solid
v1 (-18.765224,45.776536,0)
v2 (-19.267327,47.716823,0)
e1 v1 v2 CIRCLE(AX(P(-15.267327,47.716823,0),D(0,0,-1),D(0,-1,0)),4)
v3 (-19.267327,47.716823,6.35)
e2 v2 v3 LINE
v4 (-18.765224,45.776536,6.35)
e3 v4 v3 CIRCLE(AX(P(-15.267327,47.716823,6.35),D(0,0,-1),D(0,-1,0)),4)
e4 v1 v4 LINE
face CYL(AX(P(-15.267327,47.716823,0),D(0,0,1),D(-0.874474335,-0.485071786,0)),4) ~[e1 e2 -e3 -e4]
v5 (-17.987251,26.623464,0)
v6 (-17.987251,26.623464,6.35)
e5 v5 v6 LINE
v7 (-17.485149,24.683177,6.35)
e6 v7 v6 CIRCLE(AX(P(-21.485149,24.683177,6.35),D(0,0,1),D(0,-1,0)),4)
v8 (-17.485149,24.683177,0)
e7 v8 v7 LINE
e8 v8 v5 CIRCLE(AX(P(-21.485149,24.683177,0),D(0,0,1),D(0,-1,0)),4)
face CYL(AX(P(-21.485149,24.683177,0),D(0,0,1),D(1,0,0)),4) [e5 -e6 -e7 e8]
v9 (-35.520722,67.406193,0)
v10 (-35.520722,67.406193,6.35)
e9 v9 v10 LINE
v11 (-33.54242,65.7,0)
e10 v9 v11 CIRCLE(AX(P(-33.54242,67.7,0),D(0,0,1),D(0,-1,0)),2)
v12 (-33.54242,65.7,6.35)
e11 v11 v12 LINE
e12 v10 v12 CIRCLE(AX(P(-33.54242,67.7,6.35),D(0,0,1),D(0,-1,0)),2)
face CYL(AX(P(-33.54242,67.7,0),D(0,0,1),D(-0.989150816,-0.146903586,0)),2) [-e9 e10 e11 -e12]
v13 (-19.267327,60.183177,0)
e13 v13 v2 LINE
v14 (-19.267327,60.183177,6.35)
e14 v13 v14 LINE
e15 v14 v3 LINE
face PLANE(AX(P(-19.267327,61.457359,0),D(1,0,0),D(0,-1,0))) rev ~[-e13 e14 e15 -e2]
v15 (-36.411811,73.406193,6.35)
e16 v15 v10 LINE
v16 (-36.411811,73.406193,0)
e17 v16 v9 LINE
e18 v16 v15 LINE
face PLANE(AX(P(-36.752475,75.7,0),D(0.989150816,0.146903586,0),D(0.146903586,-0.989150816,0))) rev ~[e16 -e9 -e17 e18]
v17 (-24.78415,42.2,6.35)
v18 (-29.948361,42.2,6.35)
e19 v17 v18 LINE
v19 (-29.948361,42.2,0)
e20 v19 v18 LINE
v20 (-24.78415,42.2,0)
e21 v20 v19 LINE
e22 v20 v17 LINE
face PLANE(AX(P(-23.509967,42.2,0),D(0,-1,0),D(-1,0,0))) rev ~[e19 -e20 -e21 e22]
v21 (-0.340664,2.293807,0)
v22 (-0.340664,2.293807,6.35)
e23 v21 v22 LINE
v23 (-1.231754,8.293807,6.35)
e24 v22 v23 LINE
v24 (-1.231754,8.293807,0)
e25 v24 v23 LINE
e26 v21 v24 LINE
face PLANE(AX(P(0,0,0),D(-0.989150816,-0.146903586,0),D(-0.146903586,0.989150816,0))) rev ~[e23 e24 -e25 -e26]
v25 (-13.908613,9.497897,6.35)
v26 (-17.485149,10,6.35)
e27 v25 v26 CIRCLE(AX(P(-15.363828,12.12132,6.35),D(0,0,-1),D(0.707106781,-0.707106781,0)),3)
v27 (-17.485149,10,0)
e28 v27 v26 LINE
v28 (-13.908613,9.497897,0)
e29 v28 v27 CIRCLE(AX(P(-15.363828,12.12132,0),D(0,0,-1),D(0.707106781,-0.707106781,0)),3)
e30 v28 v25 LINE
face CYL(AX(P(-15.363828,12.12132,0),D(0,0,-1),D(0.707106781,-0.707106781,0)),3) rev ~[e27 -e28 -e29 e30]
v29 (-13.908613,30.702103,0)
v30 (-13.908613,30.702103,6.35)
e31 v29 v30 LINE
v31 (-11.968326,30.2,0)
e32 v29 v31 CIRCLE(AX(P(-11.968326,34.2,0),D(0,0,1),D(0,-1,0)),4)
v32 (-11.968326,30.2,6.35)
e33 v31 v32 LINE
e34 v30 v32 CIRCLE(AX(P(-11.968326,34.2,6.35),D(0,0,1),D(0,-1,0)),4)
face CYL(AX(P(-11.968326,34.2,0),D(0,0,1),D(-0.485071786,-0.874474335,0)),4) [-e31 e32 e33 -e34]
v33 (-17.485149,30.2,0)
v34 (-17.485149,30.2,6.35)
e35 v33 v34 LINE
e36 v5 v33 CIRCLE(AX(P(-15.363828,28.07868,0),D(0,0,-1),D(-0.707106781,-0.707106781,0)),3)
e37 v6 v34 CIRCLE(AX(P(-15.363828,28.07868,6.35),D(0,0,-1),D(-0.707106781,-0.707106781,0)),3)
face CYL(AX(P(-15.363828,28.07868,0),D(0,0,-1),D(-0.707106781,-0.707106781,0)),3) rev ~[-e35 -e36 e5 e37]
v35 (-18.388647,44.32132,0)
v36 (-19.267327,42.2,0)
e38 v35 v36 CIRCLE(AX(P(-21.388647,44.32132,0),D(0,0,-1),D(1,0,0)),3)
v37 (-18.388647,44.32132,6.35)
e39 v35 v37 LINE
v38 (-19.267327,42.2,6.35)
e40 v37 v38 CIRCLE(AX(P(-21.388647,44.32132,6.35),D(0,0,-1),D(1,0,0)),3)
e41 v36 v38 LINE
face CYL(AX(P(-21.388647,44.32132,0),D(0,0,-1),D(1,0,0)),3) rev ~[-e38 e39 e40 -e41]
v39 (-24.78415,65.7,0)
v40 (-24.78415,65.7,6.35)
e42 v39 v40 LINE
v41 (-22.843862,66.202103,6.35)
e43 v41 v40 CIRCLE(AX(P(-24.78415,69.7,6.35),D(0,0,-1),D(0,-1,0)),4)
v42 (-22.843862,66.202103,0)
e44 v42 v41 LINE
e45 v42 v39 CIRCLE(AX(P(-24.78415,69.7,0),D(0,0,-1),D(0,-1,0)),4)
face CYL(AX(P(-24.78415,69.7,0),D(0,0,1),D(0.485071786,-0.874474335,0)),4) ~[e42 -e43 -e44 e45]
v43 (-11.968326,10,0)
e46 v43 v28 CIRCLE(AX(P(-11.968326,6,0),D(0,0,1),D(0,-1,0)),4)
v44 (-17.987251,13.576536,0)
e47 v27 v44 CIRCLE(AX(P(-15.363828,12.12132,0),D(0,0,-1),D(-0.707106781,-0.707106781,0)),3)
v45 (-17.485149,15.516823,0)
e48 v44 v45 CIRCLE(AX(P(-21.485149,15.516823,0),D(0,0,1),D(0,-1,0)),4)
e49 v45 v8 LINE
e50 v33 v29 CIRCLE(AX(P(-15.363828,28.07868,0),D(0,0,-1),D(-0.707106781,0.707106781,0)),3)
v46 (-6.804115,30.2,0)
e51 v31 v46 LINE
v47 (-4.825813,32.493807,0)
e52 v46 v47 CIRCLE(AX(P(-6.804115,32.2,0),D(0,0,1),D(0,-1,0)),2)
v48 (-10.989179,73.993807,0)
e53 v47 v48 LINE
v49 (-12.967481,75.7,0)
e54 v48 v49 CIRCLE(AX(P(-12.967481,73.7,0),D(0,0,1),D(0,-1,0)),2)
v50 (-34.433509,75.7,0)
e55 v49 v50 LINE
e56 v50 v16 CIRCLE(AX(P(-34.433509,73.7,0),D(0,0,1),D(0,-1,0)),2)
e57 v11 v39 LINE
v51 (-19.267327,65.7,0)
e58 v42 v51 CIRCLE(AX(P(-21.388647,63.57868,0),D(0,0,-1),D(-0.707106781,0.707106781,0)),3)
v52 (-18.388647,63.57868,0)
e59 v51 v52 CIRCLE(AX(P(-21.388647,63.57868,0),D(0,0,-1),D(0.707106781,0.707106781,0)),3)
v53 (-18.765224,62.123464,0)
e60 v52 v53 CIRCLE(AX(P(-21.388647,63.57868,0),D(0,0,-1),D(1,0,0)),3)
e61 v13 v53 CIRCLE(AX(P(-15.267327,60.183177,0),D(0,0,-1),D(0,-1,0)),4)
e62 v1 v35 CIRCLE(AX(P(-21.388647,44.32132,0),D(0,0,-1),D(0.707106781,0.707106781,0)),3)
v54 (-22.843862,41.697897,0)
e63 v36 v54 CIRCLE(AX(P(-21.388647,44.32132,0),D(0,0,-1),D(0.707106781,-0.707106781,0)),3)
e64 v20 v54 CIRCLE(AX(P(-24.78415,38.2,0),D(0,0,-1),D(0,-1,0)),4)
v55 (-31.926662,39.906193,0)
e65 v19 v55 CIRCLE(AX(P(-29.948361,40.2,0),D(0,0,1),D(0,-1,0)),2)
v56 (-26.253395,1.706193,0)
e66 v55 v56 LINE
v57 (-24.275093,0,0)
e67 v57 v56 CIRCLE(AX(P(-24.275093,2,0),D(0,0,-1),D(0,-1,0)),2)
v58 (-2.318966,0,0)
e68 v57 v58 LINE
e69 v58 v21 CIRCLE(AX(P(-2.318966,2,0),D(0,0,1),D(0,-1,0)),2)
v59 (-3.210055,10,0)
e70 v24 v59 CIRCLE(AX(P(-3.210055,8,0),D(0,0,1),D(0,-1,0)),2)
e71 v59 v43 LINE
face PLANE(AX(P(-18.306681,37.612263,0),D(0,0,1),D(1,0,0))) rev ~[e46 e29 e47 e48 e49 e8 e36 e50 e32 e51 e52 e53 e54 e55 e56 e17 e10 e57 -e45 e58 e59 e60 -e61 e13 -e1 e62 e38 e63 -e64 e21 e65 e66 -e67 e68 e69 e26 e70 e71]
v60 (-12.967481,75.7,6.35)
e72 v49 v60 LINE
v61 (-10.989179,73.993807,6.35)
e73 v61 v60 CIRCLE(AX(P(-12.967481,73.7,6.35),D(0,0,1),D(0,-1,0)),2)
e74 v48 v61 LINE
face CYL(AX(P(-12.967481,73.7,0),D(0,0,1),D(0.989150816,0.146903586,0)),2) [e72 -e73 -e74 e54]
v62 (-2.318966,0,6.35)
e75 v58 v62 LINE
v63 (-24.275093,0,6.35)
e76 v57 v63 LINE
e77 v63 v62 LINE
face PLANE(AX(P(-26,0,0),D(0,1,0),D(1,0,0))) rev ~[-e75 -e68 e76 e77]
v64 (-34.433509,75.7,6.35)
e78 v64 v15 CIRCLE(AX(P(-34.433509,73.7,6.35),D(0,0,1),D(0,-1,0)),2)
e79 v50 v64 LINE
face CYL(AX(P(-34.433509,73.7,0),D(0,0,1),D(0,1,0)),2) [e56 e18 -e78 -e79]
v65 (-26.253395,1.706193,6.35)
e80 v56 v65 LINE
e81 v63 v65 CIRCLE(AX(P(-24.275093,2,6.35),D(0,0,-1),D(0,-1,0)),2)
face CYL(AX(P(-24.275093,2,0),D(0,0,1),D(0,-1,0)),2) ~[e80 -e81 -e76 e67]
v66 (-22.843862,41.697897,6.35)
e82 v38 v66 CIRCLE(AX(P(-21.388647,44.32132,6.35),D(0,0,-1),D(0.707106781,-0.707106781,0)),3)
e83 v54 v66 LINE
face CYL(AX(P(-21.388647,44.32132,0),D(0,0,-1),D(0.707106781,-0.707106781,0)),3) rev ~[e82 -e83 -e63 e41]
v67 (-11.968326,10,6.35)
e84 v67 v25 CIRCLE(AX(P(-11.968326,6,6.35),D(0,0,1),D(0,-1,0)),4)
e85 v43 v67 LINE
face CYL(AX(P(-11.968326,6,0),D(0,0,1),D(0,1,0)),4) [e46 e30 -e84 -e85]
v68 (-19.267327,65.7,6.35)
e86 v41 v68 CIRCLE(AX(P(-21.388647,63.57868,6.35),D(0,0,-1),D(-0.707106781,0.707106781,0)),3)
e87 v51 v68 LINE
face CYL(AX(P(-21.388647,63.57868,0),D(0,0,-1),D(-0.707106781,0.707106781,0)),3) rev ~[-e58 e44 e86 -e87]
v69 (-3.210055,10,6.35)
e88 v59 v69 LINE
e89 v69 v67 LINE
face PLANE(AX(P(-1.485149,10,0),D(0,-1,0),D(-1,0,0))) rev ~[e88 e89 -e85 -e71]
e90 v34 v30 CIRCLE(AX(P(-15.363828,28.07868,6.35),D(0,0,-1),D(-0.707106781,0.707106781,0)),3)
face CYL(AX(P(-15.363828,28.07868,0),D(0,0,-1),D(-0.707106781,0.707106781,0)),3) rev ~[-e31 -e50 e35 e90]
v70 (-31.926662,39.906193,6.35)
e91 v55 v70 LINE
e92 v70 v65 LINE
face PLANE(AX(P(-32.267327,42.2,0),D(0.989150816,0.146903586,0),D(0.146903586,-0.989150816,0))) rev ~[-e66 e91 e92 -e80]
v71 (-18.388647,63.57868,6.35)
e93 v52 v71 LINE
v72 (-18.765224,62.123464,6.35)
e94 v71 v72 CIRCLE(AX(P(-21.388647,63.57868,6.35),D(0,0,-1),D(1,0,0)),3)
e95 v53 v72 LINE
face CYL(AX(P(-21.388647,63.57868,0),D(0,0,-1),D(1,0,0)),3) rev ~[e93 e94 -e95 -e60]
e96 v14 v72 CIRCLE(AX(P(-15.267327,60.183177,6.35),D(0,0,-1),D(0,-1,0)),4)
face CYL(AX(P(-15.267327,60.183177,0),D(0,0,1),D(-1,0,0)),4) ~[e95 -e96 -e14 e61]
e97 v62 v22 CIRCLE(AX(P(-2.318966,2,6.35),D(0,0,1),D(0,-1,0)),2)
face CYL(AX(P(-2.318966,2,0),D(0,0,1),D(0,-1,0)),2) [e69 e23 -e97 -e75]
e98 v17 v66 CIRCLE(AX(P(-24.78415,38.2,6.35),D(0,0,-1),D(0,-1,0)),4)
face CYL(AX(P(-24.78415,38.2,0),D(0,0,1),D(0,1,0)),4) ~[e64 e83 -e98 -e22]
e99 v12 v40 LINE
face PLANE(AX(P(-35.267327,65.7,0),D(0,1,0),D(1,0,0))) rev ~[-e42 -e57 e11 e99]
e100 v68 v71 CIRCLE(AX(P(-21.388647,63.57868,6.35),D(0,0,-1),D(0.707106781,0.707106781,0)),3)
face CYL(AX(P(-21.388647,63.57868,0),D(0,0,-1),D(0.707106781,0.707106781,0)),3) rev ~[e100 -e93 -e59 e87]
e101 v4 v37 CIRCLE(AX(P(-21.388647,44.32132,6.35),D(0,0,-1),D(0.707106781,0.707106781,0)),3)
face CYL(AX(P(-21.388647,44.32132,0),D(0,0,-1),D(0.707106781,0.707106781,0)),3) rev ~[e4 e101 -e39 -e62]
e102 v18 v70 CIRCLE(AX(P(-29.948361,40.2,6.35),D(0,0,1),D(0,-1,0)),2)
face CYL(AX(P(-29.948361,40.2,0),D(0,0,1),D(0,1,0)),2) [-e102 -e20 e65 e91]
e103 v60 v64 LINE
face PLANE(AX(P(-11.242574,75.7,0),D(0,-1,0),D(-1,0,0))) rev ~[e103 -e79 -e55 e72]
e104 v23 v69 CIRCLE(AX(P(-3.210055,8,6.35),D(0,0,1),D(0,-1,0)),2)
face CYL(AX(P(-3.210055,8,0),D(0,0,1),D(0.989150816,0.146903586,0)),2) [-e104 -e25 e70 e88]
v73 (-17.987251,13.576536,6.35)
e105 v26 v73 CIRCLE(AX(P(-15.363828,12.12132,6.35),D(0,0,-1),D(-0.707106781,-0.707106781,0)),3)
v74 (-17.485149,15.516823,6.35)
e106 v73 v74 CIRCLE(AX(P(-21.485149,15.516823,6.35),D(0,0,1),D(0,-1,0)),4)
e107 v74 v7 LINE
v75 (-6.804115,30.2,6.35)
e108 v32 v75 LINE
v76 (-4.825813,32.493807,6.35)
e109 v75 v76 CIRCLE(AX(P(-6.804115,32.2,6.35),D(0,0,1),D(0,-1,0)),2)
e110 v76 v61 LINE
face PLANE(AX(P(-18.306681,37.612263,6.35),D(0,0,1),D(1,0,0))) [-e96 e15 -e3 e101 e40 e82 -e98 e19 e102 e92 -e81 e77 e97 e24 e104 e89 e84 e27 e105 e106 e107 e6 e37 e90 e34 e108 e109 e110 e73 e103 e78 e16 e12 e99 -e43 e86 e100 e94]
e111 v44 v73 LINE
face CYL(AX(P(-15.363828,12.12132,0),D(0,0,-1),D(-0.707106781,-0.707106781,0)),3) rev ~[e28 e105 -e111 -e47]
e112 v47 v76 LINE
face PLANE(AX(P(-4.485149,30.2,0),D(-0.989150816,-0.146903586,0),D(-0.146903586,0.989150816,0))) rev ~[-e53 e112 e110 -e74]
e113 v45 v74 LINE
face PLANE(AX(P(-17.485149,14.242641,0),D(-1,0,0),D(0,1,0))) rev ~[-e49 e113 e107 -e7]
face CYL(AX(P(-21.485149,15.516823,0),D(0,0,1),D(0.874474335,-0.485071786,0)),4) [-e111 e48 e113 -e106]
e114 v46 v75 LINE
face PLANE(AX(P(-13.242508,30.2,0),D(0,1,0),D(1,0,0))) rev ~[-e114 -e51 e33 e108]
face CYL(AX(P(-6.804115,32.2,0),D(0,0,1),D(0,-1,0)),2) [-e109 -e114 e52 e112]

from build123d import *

# Parameters (mm, degrees)
F1_DEPTH = 6.35
F2_R     = 2
F3_R     = 4


with BuildPart() as f1:
    # F0 (on Top) → F1 (new body)
    with BuildSketch(Plane.XY):
        with BuildLine():
            Line((-26, 0), (0, 0))
            Line((0, 0), (-1.4851485149, 10))
            Line((-1.4851485149, 10), (-13.2425078277, 10))
            ThreePointArc((-13.2425078277, 10), (-15.3638281713, 9.1213203436), (-17.4851485149, 10))
            ThreePointArc((-17.4851485149, 10), (-18.3638281713, 12.1213203436), (-17.4851485149, 14.2426406871))
            Line((-17.4851485149, 14.2426406871), (-17.4851485149, 25.9573593129))
            ThreePointArc((-17.4851485149, 25.9573593129), (-18.3638281713, 28.0786796564), (-17.4851485149, 30.2))
            ThreePointArc((-17.4851485149, 30.2), (-15.3638281713, 31.0786796564), (-13.2425078277, 30.2))
            Line((-13.2425078277, 30.2), (-4.4851485149, 30.2))
            Line((-4.4851485149, 30.2), (-11.2425742574, 75.7))
            Line((-11.2425742574, 75.7), (-36.7524752475, 75.7))
            Line((-36.7524752475, 75.7), (-35.2673267327, 65.7))
            Line((-35.2673267327, 65.7), (-23.5099674198, 65.7))
            ThreePointArc((-23.5099674198, 65.7), (-21.3886470762, 66.5786796564), (-19.2673267327, 65.7))
            ThreePointArc((-19.2673267327, 65.7), (-18.6170084787, 64.7267299535), (-18.3886470762, 63.5786796564))
            ThreePointArc((-18.3886470762, 63.5786796564), (-18.6170084787, 62.4306293593), (-19.2673267327, 61.4573593129))
            Line((-19.2673267327, 61.4573593129), (-19.2673267327, 46.4426406871))
            ThreePointArc((-19.2673267327, 46.4426406871), (-18.6170084787, 45.4693706407), (-18.3886470762, 44.3213203436))
            ThreePointArc((-18.3886470762, 44.3213203436), (-18.6170084787, 43.1732700465), (-19.2673267327, 42.2))
            ThreePointArc((-19.2673267327, 42.2), (-21.3886470762, 41.3213203436), (-23.5099674198, 42.2))
            Line((-23.5099674198, 42.2), (-32.2673267327, 42.2))
            Line((-32.2673267327, 42.2), (-26, 0))
        make_face()
    extrude(amount=F1_DEPTH)

    # F2
    f2_edges = [f1.edges().sort_by_distance(p)[0] for p in [
        (-4.485149, 30.2, 3.175),
        (-36.752475, 75.7, 3.175),
        (-35.267327, 65.7, 3.175),
        (-32.267327, 42.2, 3.175),
        (-11.242574, 75.7, 3.175),
        (-1.485149, 10, 3.175),
        (0, 0, 3.175),
        (-26, 0, 3.175),
    ]]
    fillet(f2_edges, radius=F2_R)

    # F3
    f3_edges = [f1.edges().sort_by_distance(p)[0] for p in [
        (-23.509967, 65.7, 3.175),
        (-19.267327, 61.457359, 3.175),
        (-19.267327, 46.442641, 3.175),
        (-23.509967, 42.2, 3.175),
        (-13.242508, 30.2, 3.175),
        (-17.485149, 25.957359, 3.175),
        (-17.485149, 14.242641, 3.175),
        (-13.242508, 10, 3.175),
    ]]
    fillet(f3_edges, radius=F3_R)


solid = f1.part
